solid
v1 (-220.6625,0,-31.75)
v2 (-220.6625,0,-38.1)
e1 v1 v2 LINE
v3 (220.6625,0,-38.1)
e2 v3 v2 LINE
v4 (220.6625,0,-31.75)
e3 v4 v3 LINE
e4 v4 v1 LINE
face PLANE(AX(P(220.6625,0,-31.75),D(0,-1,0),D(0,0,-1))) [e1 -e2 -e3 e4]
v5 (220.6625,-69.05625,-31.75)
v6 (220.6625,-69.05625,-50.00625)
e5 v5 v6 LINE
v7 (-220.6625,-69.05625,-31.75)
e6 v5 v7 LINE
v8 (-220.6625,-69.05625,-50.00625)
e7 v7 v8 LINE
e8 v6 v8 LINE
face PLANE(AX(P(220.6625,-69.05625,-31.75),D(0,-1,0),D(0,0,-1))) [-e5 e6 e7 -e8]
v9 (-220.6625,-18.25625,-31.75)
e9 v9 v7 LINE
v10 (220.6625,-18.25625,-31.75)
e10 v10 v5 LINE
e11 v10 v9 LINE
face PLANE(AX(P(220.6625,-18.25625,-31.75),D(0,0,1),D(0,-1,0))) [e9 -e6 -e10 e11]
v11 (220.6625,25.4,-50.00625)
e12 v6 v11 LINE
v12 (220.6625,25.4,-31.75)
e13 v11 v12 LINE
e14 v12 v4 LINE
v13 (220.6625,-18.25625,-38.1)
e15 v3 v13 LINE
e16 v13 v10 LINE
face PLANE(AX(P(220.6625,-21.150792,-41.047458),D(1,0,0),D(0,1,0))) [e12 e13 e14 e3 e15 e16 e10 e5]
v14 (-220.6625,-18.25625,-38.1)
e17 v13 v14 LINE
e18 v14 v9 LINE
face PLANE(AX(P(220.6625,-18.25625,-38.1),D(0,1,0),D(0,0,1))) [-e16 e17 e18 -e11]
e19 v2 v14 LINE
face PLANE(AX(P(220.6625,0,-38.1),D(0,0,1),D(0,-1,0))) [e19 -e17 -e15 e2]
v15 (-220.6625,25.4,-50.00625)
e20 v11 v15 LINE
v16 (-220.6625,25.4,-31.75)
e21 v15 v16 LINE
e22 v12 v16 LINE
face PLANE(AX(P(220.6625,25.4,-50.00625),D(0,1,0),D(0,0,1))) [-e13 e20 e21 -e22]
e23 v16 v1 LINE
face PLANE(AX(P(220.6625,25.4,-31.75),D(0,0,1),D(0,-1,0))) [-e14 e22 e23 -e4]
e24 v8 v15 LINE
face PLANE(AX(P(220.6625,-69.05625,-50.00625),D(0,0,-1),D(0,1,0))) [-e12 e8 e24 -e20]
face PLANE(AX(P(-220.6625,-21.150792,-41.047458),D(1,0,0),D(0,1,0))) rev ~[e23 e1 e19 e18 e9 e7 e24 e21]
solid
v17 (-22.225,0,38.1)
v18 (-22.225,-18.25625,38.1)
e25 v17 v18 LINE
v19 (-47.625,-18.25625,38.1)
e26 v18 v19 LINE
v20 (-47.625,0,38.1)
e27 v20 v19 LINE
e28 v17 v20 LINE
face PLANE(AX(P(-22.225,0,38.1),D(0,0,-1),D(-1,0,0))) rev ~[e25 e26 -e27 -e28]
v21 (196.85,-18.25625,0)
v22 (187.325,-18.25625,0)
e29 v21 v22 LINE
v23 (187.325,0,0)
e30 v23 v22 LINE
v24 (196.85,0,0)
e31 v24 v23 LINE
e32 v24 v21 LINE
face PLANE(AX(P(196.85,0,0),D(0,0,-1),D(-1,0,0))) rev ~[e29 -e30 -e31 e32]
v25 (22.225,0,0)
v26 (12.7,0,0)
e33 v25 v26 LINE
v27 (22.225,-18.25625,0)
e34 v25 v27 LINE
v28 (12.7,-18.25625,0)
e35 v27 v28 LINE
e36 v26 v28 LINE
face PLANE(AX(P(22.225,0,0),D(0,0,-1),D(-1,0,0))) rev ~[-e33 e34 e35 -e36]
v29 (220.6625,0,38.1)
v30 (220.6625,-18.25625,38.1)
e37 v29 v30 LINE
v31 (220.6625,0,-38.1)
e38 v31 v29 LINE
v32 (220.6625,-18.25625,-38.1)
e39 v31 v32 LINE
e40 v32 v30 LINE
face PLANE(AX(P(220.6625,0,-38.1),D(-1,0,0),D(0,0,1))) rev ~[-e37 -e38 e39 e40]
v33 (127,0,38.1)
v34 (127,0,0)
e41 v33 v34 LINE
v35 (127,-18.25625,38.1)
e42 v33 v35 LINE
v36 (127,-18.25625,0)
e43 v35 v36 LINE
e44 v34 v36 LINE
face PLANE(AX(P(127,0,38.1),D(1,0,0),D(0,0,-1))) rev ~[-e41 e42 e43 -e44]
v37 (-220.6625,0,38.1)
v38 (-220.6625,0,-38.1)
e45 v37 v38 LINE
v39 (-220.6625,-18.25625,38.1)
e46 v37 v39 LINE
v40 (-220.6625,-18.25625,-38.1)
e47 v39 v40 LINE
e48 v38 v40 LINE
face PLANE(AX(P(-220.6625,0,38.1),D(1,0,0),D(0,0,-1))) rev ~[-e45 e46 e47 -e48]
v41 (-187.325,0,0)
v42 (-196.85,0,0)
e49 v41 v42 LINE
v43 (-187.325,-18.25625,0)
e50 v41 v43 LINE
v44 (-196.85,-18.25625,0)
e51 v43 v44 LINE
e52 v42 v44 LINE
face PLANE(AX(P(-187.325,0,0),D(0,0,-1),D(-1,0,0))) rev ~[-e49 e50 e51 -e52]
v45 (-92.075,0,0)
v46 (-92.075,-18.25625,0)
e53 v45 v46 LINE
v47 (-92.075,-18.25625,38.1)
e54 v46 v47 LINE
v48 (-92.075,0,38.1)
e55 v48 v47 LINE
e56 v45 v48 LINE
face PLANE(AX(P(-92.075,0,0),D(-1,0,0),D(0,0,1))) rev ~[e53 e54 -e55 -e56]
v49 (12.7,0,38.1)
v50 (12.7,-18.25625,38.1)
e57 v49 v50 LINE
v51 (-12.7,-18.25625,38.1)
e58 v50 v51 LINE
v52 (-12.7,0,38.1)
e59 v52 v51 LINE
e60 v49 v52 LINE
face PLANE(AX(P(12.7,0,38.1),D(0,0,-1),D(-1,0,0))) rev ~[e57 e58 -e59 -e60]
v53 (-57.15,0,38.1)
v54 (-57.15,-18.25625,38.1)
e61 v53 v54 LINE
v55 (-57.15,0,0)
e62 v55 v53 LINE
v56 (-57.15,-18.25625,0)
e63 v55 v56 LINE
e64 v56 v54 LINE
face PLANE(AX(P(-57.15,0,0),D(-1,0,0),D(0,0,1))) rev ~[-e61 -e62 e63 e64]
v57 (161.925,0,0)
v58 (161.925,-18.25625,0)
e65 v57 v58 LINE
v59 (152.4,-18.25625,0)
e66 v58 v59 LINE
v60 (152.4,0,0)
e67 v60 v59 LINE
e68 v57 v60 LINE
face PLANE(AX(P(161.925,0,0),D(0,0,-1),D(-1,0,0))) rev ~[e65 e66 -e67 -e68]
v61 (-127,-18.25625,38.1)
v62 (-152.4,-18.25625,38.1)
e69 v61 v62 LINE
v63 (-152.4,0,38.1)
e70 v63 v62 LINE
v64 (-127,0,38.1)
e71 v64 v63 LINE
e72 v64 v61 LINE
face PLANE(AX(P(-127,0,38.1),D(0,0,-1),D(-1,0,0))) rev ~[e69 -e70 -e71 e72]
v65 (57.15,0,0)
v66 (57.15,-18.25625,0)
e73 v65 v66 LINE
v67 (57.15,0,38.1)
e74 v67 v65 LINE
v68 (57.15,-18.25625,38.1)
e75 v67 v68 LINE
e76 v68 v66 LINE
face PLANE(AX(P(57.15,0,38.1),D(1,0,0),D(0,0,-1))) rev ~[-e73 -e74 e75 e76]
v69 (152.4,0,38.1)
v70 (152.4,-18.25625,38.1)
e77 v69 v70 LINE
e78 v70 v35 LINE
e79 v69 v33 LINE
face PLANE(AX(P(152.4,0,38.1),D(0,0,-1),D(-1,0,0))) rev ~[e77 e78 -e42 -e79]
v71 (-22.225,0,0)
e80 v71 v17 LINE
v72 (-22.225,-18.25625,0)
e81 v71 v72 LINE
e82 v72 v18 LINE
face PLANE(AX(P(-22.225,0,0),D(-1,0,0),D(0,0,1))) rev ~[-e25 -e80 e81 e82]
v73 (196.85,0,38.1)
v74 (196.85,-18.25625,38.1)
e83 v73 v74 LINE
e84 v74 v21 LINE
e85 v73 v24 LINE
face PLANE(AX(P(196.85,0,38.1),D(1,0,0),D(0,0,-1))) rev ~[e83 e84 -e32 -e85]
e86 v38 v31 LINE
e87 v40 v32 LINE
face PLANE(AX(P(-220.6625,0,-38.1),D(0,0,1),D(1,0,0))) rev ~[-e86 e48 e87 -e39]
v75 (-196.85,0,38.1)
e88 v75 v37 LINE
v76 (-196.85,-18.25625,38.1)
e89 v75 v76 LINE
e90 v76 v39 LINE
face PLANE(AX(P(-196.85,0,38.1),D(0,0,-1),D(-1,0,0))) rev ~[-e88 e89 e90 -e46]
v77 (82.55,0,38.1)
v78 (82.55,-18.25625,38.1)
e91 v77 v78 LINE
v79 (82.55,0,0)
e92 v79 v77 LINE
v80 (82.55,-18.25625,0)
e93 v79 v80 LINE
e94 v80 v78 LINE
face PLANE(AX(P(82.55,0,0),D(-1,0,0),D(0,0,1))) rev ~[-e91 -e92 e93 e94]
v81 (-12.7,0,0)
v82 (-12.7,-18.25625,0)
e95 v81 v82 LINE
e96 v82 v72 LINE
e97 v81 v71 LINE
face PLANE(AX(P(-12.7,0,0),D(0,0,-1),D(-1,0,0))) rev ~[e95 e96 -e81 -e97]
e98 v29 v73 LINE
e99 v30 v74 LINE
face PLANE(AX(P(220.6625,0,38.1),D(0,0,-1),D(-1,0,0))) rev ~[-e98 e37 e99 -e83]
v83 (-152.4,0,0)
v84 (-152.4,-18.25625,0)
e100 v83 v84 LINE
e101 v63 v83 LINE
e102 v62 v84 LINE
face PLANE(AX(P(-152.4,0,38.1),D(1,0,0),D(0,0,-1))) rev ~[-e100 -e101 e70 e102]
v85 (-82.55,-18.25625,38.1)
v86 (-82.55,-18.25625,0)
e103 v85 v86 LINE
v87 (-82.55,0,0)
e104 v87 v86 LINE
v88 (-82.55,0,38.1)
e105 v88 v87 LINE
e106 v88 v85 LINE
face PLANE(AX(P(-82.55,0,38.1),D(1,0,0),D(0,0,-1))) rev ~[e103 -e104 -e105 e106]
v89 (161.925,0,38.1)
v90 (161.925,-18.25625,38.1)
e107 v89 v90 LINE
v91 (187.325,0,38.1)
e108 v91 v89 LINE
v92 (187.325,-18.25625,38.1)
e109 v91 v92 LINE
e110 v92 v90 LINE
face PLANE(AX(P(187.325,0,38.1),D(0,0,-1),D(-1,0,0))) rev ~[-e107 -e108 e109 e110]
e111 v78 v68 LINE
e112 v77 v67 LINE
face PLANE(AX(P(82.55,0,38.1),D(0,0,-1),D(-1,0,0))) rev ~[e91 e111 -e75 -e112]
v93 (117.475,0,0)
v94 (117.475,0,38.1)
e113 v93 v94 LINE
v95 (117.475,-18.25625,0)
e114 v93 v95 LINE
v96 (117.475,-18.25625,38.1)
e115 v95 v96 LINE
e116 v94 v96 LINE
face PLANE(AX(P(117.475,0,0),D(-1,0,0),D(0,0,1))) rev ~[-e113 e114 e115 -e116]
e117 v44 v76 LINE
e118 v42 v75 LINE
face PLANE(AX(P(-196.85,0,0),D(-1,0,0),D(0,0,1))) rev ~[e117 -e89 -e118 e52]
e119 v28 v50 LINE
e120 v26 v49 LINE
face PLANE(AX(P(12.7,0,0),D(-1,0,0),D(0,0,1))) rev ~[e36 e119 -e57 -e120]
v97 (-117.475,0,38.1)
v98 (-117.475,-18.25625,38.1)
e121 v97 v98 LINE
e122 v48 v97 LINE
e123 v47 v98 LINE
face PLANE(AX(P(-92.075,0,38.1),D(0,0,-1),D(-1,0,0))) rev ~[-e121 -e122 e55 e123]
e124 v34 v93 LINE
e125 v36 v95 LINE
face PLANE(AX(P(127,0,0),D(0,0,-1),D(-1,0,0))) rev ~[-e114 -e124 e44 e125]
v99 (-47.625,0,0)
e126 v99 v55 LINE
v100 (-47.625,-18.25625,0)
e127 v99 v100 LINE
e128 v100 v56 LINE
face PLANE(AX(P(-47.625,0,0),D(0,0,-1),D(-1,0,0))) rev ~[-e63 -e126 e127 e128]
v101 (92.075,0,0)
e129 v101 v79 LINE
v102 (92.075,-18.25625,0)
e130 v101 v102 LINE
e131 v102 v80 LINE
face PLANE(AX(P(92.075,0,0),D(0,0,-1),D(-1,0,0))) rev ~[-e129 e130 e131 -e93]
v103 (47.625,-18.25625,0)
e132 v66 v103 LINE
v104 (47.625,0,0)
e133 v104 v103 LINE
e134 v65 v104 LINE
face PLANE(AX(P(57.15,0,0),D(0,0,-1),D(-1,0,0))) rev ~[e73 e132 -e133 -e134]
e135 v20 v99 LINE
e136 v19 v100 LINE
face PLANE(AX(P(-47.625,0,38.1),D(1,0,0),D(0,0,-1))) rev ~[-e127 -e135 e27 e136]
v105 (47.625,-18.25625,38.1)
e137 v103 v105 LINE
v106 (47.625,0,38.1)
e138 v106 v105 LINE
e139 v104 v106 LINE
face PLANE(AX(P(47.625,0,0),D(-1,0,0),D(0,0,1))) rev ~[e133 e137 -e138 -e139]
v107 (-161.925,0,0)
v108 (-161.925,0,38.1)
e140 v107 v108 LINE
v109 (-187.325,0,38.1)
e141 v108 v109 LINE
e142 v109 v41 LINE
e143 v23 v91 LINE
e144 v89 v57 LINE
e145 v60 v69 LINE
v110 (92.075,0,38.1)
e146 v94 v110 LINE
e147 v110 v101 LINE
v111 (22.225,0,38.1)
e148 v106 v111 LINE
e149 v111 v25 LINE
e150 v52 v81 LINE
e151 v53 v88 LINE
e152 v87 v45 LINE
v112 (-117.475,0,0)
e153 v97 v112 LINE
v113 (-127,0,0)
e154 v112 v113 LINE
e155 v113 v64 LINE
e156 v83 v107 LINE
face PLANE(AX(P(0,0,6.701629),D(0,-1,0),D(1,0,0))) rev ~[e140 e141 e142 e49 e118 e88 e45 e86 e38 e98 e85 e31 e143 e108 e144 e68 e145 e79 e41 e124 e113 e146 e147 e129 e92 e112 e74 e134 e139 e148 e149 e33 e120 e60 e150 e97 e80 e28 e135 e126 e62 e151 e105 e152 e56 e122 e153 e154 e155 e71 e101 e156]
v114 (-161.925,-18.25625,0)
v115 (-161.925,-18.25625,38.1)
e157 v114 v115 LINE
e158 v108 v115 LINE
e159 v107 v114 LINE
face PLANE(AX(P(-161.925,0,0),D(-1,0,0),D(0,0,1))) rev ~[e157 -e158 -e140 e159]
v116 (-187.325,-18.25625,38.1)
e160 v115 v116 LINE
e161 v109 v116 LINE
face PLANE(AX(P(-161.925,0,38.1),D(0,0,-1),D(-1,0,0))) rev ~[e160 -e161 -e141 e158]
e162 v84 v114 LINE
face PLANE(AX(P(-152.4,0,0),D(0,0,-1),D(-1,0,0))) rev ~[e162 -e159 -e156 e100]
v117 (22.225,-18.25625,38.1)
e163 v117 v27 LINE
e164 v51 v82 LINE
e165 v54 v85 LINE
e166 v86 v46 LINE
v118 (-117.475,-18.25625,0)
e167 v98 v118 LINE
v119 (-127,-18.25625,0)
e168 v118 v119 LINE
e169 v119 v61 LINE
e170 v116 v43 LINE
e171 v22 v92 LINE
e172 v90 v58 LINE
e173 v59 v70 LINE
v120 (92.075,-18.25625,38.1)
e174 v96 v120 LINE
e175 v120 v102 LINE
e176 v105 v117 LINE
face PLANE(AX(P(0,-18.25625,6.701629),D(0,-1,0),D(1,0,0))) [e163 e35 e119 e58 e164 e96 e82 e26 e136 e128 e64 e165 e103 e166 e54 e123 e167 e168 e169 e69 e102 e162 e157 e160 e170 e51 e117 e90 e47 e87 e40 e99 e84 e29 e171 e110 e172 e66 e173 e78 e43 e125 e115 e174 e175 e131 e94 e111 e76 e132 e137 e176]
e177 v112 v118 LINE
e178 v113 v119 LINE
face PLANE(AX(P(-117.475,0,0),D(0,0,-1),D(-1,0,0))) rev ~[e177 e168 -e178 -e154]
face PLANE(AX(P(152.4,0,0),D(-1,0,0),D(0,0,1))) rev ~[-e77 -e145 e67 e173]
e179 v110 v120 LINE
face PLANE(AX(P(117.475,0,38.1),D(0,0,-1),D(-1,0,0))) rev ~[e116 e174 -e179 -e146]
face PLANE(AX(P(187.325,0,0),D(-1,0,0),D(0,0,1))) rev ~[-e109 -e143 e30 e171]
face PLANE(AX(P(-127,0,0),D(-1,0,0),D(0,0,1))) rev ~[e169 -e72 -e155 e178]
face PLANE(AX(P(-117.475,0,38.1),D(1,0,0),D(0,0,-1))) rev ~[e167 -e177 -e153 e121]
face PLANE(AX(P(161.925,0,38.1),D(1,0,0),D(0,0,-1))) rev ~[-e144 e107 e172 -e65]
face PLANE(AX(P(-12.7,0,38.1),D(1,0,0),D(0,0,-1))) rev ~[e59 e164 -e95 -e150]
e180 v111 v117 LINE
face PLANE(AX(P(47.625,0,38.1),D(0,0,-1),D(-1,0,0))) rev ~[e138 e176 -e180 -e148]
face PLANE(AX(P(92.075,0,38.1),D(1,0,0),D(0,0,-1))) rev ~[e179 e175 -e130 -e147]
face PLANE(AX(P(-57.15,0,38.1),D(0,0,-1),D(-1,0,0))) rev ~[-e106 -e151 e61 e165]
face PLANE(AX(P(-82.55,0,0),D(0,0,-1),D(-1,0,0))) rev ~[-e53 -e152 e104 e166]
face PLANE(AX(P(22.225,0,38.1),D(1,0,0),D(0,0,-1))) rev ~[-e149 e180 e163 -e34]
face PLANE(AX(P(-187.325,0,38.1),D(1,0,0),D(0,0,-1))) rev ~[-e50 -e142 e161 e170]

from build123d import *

# Parameters (mm, degrees)
F1_DEPTH = 18.25625
F3_DEPTH = 441.325


with BuildPart() as f1:
    # F0 (on Front) → F1 (new body)
    with BuildSketch(Plane.XZ):
        Polygon((-196.85, 38.1), (-220.6625, 38.1), (-220.6625, -38.1), (220.6625, -38.1), (220.6625, 38.1), (196.85, 38.1), (196.85, 0), (187.325, 0), (187.325, 38.1), (161.925, 38.1), (161.925, 0), (152.4, 0), (152.4, 38.1), (127, 38.1), (127, 0), (117.475, 0), (117.475, 38.1), (92.075, 38.1), (92.075, 0), (82.55, 0), (82.55, 38.1), (57.15, 38.1), (57.15, 0), (47.625, 0), (47.625, 38.1), (22.225, 38.1), (22.225, 0), (12.7, 0), (12.7, 38.1), (-12.7, 38.1), (-12.7, 0), (-22.225, 0), (-22.225, 38.1), (-47.625, 38.1), (-47.625, 0), (-57.15, 0), (-57.15, 38.1), (-82.55, 38.1), (-82.55, 0), (-92.075, 0), (-92.075, 38.1), (-117.475, 38.1), (-117.475, 0), (-127, 0), (-127, 38.1), (-152.4, 38.1), (-152.4, 0), (-161.925, 0), (-161.925, 38.1), (-187.325, 38.1), (-187.325, 0), (-196.85, 0), align=None)
    extrude(amount=F1_DEPTH)


with BuildPart() as f3:
    # F2 (on face) → F3 (new body, through all)
    with BuildSketch(Plane.YZ.offset(220.6625)):
        Polygon((25.4, -31.75), (0, -31.75), (0, -38.1), (-18.25625, -38.1), (-18.25625, -31.75), (-69.05625, -31.75), (-69.05625, -50.00625), (25.4, -50.00625), align=None)
    extrude(amount=-F3_DEPTH)


solid = Compound([f1.part, f3.part])
